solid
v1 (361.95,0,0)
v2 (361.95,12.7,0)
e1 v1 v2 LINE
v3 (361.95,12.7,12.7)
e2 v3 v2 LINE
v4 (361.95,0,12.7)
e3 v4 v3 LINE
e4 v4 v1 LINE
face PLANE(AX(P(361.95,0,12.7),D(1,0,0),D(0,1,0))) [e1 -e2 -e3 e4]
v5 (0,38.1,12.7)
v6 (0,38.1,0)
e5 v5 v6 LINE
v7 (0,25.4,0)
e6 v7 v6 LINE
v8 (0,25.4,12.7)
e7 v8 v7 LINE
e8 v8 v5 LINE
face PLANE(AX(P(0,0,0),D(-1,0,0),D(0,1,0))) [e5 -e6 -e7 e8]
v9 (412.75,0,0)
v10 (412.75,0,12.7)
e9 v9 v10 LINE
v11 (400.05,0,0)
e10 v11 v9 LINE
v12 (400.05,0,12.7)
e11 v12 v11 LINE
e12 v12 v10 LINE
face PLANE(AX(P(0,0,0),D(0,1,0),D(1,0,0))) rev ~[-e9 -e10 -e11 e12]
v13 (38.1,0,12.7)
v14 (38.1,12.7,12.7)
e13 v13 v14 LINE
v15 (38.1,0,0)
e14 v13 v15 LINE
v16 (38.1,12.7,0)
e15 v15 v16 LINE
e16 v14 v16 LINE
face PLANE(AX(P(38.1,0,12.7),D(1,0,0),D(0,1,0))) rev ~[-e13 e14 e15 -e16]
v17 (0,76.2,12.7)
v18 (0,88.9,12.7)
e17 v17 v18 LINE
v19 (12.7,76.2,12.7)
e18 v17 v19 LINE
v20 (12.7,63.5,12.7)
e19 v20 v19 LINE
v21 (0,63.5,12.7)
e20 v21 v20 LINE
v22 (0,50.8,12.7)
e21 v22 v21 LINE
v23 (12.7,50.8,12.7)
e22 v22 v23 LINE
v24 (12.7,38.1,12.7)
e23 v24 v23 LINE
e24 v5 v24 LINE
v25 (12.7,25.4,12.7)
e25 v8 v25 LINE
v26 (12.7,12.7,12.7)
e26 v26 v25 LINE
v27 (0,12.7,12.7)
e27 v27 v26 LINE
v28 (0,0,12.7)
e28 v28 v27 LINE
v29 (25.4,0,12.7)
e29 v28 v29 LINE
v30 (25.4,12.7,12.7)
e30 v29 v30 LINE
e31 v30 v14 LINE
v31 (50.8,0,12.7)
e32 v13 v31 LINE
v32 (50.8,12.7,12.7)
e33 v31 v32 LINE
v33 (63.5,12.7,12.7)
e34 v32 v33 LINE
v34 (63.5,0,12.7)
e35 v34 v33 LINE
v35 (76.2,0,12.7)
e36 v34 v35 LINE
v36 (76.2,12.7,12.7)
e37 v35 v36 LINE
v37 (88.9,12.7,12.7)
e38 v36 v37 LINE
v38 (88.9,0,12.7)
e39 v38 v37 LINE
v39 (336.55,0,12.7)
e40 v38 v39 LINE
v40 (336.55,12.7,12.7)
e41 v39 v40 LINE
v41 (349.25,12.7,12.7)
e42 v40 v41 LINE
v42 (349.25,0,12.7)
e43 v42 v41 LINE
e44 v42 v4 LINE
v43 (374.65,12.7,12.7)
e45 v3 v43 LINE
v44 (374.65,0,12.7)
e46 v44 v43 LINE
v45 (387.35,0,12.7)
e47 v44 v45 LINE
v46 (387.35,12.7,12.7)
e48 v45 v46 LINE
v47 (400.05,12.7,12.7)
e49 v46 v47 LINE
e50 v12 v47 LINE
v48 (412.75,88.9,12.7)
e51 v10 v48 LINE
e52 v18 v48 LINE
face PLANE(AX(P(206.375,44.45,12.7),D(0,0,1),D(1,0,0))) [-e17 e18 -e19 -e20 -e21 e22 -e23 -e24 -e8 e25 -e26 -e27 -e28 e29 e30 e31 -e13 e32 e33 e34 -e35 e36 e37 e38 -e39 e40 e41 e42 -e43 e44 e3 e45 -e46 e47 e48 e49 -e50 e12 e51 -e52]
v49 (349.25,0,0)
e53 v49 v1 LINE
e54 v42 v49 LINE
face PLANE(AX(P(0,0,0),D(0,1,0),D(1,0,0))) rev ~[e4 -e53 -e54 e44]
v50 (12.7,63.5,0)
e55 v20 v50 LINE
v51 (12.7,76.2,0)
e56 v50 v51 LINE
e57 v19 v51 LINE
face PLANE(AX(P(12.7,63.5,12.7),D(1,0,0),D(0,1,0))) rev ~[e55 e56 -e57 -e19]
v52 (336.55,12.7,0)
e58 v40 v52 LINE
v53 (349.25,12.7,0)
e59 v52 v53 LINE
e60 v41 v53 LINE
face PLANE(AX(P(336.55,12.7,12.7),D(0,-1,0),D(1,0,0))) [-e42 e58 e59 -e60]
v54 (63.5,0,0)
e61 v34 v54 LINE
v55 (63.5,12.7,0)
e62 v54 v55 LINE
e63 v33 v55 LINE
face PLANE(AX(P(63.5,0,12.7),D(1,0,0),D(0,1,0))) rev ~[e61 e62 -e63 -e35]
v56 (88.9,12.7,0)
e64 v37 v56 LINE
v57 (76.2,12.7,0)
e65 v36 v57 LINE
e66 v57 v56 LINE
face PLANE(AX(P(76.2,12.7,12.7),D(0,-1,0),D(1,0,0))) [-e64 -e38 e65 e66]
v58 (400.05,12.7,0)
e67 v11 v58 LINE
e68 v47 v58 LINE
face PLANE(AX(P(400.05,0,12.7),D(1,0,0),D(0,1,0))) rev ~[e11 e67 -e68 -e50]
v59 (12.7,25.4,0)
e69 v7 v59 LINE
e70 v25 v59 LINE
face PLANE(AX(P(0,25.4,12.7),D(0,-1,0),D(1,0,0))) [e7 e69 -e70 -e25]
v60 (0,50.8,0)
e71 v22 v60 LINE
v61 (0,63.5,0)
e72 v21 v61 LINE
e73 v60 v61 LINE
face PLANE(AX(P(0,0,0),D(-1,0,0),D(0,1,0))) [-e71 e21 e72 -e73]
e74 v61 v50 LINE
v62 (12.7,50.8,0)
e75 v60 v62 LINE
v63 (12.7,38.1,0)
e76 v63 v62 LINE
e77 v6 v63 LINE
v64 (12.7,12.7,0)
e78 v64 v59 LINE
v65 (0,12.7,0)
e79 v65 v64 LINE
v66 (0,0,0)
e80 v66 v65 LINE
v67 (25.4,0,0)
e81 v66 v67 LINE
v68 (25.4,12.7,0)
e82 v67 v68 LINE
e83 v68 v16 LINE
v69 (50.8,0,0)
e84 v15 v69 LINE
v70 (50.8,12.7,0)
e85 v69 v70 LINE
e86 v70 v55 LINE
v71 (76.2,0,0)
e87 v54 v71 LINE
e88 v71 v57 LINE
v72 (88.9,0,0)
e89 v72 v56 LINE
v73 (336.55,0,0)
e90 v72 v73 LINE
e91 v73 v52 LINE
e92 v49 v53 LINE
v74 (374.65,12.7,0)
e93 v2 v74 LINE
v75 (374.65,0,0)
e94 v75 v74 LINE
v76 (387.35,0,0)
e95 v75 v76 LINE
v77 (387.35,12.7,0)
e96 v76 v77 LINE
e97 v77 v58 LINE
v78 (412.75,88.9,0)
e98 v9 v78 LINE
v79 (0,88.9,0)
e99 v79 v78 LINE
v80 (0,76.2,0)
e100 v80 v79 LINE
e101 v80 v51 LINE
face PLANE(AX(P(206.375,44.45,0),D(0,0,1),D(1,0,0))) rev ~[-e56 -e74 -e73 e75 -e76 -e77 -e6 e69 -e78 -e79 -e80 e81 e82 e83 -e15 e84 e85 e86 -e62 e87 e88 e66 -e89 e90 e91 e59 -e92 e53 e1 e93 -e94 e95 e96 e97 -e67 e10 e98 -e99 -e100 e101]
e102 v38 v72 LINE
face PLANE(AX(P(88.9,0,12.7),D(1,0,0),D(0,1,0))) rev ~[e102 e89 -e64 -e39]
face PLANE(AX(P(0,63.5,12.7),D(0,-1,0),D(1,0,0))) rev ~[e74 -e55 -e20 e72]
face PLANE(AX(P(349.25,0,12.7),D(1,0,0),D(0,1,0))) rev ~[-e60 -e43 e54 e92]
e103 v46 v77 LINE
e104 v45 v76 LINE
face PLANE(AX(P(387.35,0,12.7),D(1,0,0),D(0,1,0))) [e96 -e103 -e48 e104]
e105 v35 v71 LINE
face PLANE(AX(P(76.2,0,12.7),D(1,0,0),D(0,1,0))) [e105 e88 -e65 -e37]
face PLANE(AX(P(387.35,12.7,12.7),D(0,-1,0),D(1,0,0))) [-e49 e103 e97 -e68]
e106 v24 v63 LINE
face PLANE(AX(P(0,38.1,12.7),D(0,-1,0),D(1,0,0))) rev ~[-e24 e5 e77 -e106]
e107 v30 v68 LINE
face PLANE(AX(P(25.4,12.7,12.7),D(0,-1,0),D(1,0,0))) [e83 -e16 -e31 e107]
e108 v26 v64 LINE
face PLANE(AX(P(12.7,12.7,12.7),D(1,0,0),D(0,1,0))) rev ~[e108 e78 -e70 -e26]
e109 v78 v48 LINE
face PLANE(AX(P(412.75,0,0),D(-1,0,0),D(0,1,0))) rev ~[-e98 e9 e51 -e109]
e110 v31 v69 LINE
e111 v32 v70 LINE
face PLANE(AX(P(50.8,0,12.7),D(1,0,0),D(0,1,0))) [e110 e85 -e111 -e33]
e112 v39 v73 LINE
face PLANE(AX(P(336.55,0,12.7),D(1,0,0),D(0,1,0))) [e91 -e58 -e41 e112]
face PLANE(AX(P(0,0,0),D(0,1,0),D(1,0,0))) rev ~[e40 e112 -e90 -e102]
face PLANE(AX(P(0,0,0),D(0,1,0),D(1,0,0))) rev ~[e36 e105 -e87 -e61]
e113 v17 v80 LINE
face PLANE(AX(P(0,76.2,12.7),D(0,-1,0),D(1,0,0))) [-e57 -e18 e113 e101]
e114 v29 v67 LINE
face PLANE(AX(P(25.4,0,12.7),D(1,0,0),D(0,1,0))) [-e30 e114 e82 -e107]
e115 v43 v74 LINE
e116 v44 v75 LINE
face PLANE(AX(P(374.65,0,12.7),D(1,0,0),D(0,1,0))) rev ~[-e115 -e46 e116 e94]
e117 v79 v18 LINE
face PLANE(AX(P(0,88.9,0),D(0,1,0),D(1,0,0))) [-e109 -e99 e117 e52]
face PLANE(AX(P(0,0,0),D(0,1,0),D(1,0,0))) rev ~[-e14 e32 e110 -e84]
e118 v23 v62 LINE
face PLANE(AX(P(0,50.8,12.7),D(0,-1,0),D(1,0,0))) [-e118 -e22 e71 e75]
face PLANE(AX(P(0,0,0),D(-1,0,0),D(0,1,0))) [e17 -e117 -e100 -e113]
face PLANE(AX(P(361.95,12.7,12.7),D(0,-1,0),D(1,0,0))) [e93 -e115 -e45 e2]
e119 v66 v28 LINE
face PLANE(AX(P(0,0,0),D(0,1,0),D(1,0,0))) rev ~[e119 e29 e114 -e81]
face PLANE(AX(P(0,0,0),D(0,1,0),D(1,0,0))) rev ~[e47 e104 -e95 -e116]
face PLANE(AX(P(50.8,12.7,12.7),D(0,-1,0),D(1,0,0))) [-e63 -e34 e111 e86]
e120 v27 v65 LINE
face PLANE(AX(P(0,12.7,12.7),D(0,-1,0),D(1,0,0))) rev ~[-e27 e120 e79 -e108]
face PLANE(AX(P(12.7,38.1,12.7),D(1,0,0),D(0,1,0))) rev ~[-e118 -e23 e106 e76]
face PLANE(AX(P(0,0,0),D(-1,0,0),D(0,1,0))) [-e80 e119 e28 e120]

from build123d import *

# Parameters (mm, degrees)
F0_W     = 412.75
F0_H     = 88.9
F1_DEPTH = 12.7
F2_W     = 12.7
F2_H     = 12.7
F3_DEPTH = 25.4
F4_W     = 12.7
F4_H     = 12.7
F5_DEPTH = 25.4
F6_W     = 12.7
F6_H     = 12.7
F7_DEPTH = 25.4


with BuildPart() as f1:
    # F0 (on Top) → F1 (new body)
    with BuildSketch(Plane.XY):
        with Locations((206.375, 44.45)):
            Rectangle(F0_W, F0_H)
    extrude(amount=F1_DEPTH)

    # F2 (on face) → F3 (cut)
    with BuildSketch(Plane.XY.offset(12.7)):
        with Locations((6.35, 19.05)):
            Rectangle(F2_W, F2_H)
        with Locations((6.35, 69.85)):
            Rectangle(F2_W, F2_H)
        with Locations((6.35, 44.45)):
            Rectangle(F2_W, F2_H)
    extrude(amount=-F3_DEPTH, mode=Mode.SUBTRACT)

    # F4 (on face) → F5 (cut)
    with BuildSketch(Plane.XY.offset(12.7)):
        with Locations((393.7, 6.35)):
            Rectangle(F4_W, F4_H)
        with Locations((368.3, 6.35)):
            Rectangle(F4_W, F4_H)
        with Locations((342.9, 6.35)):
            Rectangle(F4_W, F4_H)
    extrude(amount=-F5_DEPTH, mode=Mode.SUBTRACT)

    # F6 (on face) → F7 (cut)
    with BuildSketch(Plane.XY.offset(12.7)):
        with Locations((31.75, 6.35)):
            Rectangle(F6_W, F6_H)
        with Locations((57.15, 6.35)):
            Rectangle(F6_W, F6_H)
        with Locations((82.55, 6.35)):
            Rectangle(F6_W, F6_H)
    extrude(amount=-F7_DEPTH, mode=Mode.SUBTRACT)


solid = f1.part
